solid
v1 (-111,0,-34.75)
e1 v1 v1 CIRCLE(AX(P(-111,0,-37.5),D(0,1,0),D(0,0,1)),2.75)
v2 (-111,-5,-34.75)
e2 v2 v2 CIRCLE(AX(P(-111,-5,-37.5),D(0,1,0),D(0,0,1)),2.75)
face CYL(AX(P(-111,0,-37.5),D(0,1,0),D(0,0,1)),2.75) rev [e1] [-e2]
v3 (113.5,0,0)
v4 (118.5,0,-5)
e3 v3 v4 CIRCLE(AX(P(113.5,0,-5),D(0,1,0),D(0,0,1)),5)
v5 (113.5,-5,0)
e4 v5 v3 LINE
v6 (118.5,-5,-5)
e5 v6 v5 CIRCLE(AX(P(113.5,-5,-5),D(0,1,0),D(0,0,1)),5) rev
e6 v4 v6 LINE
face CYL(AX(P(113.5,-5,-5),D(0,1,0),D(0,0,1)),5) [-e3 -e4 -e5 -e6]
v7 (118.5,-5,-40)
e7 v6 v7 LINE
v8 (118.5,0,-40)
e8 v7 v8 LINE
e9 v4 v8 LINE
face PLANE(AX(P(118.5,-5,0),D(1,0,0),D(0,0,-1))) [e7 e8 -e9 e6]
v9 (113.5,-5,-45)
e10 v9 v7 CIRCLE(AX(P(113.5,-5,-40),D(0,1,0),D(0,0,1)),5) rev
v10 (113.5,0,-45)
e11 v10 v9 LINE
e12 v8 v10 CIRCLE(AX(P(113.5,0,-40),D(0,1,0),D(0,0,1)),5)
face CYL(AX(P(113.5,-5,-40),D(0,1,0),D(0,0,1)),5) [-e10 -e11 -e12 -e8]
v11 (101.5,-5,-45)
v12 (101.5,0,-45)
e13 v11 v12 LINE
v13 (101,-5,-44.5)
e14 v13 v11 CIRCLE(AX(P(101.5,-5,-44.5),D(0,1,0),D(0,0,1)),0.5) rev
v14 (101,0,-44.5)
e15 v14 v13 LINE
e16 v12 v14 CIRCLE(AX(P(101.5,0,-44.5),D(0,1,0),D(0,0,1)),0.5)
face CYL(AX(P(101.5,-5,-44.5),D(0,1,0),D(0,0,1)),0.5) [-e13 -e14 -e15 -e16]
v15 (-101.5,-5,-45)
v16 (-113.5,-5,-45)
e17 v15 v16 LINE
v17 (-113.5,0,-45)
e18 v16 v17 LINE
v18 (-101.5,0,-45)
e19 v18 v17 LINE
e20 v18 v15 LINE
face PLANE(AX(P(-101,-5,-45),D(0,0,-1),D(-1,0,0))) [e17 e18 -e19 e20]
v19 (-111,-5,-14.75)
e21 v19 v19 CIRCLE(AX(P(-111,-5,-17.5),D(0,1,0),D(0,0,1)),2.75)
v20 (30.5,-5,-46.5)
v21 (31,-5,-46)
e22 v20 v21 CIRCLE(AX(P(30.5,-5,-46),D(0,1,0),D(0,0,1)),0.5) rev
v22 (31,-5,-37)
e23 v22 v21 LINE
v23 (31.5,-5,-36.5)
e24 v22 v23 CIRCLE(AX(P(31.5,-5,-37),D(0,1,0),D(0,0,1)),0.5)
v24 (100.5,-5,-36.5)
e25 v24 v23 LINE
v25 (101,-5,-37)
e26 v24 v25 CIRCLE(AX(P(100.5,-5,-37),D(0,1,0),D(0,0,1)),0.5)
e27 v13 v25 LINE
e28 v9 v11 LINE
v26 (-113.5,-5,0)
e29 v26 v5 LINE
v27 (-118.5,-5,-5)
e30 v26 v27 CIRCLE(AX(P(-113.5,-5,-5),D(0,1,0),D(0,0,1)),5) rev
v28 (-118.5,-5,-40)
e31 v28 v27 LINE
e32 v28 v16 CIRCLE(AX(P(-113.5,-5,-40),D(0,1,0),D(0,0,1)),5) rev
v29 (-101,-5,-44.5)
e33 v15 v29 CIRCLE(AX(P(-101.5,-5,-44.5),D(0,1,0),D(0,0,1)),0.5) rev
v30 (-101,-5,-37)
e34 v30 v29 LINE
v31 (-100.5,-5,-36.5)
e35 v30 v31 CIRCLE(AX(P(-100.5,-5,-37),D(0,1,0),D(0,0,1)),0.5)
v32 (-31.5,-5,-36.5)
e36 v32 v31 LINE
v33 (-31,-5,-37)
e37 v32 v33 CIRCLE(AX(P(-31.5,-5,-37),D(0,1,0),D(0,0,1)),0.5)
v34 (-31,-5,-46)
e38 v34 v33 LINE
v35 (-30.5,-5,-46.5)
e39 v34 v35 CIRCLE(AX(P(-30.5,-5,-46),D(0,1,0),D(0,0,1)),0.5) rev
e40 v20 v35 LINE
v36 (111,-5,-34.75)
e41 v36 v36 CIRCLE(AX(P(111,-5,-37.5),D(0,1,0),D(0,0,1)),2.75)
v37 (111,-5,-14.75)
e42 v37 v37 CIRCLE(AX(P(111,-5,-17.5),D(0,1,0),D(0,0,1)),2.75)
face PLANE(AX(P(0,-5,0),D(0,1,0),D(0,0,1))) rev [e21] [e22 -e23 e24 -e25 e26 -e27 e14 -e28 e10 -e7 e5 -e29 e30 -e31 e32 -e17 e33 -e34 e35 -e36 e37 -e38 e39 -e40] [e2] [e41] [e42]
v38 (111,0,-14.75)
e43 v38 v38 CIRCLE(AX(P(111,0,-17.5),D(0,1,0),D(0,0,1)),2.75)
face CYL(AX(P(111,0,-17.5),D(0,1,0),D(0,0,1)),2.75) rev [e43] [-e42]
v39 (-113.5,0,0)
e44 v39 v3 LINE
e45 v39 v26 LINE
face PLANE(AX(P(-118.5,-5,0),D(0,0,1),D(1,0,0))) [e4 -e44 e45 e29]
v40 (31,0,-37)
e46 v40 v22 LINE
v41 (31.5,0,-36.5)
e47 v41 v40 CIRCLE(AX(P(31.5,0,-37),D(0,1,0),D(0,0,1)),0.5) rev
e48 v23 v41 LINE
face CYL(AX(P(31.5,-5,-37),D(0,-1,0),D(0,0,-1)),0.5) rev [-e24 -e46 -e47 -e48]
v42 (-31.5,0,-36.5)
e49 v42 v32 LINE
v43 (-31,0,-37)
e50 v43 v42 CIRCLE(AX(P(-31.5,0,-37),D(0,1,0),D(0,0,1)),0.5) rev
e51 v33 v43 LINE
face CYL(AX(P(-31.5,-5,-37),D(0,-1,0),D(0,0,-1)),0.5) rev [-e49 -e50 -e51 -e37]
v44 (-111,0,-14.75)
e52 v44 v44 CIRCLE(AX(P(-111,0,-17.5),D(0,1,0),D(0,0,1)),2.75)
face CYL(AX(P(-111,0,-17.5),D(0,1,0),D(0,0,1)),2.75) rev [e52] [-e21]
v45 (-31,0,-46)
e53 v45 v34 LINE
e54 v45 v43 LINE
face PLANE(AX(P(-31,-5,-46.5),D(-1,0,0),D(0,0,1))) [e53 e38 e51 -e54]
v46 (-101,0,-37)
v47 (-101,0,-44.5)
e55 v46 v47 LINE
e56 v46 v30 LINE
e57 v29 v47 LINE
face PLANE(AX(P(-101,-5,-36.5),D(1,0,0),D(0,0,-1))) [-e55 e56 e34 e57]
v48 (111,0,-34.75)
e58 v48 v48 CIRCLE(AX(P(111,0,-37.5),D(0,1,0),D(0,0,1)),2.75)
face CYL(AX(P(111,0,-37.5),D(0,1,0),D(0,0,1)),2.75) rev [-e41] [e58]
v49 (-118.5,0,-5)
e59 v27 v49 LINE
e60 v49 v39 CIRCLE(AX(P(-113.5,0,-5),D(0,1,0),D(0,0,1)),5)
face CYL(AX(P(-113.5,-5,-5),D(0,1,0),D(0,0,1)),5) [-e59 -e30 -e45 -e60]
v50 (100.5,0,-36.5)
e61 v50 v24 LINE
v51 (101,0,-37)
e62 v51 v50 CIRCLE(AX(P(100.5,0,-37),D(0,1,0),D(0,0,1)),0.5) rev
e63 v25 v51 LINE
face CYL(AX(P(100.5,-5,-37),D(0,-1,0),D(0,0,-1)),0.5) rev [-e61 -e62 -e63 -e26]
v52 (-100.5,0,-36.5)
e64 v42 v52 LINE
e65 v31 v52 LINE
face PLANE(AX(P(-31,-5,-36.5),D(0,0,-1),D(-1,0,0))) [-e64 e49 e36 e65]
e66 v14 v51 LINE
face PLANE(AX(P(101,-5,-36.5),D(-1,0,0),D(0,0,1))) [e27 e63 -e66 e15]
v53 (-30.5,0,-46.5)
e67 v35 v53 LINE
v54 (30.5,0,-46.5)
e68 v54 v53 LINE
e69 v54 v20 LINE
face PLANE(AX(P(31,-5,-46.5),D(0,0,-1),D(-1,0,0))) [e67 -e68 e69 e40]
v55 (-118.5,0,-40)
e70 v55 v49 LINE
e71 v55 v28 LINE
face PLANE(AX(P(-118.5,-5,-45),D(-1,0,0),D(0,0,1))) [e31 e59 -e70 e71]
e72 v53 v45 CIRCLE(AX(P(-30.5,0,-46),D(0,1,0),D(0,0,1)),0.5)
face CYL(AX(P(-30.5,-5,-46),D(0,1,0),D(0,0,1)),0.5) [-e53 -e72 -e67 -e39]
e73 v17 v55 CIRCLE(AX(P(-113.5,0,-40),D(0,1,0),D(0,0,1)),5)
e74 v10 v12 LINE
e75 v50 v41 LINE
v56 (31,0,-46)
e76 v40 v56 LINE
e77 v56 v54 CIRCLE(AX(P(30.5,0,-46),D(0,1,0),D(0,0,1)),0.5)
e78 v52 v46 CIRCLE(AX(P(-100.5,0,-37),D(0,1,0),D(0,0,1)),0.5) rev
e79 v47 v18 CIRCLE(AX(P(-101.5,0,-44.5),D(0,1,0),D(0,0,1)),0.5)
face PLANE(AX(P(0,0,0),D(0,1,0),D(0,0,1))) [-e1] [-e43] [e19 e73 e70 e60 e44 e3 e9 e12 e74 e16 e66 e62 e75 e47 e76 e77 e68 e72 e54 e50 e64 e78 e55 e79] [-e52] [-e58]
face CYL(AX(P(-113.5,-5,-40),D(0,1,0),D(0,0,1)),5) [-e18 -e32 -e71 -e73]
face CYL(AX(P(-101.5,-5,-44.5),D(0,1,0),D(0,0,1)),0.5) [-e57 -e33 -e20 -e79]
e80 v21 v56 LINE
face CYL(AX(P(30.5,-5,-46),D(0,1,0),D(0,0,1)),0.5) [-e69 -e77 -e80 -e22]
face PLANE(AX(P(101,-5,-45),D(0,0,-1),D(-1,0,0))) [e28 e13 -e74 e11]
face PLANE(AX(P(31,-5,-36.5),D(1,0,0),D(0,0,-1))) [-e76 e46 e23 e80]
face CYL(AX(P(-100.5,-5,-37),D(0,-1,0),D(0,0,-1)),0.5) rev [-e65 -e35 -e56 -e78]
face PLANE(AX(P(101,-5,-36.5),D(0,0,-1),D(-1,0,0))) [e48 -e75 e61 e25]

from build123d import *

# Parameters (mm, degrees)
BOSS_EXTRUDE1_DEPTH  = 5
M5_CLEARANCE_HOLE1_D = 5.5
FILLET1_R            = 5
FILLET2_R            = 0.5


with BuildPart() as part:
    # Sketch1 → Boss-Extrude1 (new body)
    with BuildSketch(Plane(origin=(0, 0, 0), x_dir=(1, 0, 0), z_dir=(0, 1, 0))):
        Polygon((-118.5, 0), (118.5, 0), (118.5, 45), (101, 45), (101, 36.5), (31, 36.5), (31, 46.5), (-31, 46.5), (-31, 36.5), (-101, 36.5), (-101, 45), (-118.5, 45), align=None)
    extrude(amount=-BOSS_EXTRUDE1_DEPTH)

    # M5 Clearance Hole1 (through all)
    with Locations(Plane(origin=(0, 0, 0), x_dir=(1, 0, 0), z_dir=(0, 1, 0))):
        with Locations((-111, 37.5), (-111, 17.5), (111, 37.5), (111, 17.5)):
            Hole(M5_CLEARANCE_HOLE1_D / 2)

    # Fillet1
    fillet1_edges = [part.edges().sort_by_distance(p)[0] for p in [
        (-118.5, -2.5, -45),
        (118.5, -2.5, -45),
        (118.5, -2.5, 0),
        (-118.5, -2.5, 0),
    ]]
    fillet(fillet1_edges, radius=FILLET1_R)

    # Fillet2
    fillet2_edges = [part.edges().sort_by_distance(p)[0] for p in [
        (-101, -2.5, -45),
        (-101, -2.5, -36.5),
        (-31, -2.5, -36.5),
        (-31, -2.5, -46.5),
        (31, -2.5, -46.5),
        (31, -2.5, -36.5),
        (101, -2.5, -36.5),
        (101, -2.5, -45),
    ]]
    fillet(fillet2_edges, radius=FILLET2_R)


solid = part.part
